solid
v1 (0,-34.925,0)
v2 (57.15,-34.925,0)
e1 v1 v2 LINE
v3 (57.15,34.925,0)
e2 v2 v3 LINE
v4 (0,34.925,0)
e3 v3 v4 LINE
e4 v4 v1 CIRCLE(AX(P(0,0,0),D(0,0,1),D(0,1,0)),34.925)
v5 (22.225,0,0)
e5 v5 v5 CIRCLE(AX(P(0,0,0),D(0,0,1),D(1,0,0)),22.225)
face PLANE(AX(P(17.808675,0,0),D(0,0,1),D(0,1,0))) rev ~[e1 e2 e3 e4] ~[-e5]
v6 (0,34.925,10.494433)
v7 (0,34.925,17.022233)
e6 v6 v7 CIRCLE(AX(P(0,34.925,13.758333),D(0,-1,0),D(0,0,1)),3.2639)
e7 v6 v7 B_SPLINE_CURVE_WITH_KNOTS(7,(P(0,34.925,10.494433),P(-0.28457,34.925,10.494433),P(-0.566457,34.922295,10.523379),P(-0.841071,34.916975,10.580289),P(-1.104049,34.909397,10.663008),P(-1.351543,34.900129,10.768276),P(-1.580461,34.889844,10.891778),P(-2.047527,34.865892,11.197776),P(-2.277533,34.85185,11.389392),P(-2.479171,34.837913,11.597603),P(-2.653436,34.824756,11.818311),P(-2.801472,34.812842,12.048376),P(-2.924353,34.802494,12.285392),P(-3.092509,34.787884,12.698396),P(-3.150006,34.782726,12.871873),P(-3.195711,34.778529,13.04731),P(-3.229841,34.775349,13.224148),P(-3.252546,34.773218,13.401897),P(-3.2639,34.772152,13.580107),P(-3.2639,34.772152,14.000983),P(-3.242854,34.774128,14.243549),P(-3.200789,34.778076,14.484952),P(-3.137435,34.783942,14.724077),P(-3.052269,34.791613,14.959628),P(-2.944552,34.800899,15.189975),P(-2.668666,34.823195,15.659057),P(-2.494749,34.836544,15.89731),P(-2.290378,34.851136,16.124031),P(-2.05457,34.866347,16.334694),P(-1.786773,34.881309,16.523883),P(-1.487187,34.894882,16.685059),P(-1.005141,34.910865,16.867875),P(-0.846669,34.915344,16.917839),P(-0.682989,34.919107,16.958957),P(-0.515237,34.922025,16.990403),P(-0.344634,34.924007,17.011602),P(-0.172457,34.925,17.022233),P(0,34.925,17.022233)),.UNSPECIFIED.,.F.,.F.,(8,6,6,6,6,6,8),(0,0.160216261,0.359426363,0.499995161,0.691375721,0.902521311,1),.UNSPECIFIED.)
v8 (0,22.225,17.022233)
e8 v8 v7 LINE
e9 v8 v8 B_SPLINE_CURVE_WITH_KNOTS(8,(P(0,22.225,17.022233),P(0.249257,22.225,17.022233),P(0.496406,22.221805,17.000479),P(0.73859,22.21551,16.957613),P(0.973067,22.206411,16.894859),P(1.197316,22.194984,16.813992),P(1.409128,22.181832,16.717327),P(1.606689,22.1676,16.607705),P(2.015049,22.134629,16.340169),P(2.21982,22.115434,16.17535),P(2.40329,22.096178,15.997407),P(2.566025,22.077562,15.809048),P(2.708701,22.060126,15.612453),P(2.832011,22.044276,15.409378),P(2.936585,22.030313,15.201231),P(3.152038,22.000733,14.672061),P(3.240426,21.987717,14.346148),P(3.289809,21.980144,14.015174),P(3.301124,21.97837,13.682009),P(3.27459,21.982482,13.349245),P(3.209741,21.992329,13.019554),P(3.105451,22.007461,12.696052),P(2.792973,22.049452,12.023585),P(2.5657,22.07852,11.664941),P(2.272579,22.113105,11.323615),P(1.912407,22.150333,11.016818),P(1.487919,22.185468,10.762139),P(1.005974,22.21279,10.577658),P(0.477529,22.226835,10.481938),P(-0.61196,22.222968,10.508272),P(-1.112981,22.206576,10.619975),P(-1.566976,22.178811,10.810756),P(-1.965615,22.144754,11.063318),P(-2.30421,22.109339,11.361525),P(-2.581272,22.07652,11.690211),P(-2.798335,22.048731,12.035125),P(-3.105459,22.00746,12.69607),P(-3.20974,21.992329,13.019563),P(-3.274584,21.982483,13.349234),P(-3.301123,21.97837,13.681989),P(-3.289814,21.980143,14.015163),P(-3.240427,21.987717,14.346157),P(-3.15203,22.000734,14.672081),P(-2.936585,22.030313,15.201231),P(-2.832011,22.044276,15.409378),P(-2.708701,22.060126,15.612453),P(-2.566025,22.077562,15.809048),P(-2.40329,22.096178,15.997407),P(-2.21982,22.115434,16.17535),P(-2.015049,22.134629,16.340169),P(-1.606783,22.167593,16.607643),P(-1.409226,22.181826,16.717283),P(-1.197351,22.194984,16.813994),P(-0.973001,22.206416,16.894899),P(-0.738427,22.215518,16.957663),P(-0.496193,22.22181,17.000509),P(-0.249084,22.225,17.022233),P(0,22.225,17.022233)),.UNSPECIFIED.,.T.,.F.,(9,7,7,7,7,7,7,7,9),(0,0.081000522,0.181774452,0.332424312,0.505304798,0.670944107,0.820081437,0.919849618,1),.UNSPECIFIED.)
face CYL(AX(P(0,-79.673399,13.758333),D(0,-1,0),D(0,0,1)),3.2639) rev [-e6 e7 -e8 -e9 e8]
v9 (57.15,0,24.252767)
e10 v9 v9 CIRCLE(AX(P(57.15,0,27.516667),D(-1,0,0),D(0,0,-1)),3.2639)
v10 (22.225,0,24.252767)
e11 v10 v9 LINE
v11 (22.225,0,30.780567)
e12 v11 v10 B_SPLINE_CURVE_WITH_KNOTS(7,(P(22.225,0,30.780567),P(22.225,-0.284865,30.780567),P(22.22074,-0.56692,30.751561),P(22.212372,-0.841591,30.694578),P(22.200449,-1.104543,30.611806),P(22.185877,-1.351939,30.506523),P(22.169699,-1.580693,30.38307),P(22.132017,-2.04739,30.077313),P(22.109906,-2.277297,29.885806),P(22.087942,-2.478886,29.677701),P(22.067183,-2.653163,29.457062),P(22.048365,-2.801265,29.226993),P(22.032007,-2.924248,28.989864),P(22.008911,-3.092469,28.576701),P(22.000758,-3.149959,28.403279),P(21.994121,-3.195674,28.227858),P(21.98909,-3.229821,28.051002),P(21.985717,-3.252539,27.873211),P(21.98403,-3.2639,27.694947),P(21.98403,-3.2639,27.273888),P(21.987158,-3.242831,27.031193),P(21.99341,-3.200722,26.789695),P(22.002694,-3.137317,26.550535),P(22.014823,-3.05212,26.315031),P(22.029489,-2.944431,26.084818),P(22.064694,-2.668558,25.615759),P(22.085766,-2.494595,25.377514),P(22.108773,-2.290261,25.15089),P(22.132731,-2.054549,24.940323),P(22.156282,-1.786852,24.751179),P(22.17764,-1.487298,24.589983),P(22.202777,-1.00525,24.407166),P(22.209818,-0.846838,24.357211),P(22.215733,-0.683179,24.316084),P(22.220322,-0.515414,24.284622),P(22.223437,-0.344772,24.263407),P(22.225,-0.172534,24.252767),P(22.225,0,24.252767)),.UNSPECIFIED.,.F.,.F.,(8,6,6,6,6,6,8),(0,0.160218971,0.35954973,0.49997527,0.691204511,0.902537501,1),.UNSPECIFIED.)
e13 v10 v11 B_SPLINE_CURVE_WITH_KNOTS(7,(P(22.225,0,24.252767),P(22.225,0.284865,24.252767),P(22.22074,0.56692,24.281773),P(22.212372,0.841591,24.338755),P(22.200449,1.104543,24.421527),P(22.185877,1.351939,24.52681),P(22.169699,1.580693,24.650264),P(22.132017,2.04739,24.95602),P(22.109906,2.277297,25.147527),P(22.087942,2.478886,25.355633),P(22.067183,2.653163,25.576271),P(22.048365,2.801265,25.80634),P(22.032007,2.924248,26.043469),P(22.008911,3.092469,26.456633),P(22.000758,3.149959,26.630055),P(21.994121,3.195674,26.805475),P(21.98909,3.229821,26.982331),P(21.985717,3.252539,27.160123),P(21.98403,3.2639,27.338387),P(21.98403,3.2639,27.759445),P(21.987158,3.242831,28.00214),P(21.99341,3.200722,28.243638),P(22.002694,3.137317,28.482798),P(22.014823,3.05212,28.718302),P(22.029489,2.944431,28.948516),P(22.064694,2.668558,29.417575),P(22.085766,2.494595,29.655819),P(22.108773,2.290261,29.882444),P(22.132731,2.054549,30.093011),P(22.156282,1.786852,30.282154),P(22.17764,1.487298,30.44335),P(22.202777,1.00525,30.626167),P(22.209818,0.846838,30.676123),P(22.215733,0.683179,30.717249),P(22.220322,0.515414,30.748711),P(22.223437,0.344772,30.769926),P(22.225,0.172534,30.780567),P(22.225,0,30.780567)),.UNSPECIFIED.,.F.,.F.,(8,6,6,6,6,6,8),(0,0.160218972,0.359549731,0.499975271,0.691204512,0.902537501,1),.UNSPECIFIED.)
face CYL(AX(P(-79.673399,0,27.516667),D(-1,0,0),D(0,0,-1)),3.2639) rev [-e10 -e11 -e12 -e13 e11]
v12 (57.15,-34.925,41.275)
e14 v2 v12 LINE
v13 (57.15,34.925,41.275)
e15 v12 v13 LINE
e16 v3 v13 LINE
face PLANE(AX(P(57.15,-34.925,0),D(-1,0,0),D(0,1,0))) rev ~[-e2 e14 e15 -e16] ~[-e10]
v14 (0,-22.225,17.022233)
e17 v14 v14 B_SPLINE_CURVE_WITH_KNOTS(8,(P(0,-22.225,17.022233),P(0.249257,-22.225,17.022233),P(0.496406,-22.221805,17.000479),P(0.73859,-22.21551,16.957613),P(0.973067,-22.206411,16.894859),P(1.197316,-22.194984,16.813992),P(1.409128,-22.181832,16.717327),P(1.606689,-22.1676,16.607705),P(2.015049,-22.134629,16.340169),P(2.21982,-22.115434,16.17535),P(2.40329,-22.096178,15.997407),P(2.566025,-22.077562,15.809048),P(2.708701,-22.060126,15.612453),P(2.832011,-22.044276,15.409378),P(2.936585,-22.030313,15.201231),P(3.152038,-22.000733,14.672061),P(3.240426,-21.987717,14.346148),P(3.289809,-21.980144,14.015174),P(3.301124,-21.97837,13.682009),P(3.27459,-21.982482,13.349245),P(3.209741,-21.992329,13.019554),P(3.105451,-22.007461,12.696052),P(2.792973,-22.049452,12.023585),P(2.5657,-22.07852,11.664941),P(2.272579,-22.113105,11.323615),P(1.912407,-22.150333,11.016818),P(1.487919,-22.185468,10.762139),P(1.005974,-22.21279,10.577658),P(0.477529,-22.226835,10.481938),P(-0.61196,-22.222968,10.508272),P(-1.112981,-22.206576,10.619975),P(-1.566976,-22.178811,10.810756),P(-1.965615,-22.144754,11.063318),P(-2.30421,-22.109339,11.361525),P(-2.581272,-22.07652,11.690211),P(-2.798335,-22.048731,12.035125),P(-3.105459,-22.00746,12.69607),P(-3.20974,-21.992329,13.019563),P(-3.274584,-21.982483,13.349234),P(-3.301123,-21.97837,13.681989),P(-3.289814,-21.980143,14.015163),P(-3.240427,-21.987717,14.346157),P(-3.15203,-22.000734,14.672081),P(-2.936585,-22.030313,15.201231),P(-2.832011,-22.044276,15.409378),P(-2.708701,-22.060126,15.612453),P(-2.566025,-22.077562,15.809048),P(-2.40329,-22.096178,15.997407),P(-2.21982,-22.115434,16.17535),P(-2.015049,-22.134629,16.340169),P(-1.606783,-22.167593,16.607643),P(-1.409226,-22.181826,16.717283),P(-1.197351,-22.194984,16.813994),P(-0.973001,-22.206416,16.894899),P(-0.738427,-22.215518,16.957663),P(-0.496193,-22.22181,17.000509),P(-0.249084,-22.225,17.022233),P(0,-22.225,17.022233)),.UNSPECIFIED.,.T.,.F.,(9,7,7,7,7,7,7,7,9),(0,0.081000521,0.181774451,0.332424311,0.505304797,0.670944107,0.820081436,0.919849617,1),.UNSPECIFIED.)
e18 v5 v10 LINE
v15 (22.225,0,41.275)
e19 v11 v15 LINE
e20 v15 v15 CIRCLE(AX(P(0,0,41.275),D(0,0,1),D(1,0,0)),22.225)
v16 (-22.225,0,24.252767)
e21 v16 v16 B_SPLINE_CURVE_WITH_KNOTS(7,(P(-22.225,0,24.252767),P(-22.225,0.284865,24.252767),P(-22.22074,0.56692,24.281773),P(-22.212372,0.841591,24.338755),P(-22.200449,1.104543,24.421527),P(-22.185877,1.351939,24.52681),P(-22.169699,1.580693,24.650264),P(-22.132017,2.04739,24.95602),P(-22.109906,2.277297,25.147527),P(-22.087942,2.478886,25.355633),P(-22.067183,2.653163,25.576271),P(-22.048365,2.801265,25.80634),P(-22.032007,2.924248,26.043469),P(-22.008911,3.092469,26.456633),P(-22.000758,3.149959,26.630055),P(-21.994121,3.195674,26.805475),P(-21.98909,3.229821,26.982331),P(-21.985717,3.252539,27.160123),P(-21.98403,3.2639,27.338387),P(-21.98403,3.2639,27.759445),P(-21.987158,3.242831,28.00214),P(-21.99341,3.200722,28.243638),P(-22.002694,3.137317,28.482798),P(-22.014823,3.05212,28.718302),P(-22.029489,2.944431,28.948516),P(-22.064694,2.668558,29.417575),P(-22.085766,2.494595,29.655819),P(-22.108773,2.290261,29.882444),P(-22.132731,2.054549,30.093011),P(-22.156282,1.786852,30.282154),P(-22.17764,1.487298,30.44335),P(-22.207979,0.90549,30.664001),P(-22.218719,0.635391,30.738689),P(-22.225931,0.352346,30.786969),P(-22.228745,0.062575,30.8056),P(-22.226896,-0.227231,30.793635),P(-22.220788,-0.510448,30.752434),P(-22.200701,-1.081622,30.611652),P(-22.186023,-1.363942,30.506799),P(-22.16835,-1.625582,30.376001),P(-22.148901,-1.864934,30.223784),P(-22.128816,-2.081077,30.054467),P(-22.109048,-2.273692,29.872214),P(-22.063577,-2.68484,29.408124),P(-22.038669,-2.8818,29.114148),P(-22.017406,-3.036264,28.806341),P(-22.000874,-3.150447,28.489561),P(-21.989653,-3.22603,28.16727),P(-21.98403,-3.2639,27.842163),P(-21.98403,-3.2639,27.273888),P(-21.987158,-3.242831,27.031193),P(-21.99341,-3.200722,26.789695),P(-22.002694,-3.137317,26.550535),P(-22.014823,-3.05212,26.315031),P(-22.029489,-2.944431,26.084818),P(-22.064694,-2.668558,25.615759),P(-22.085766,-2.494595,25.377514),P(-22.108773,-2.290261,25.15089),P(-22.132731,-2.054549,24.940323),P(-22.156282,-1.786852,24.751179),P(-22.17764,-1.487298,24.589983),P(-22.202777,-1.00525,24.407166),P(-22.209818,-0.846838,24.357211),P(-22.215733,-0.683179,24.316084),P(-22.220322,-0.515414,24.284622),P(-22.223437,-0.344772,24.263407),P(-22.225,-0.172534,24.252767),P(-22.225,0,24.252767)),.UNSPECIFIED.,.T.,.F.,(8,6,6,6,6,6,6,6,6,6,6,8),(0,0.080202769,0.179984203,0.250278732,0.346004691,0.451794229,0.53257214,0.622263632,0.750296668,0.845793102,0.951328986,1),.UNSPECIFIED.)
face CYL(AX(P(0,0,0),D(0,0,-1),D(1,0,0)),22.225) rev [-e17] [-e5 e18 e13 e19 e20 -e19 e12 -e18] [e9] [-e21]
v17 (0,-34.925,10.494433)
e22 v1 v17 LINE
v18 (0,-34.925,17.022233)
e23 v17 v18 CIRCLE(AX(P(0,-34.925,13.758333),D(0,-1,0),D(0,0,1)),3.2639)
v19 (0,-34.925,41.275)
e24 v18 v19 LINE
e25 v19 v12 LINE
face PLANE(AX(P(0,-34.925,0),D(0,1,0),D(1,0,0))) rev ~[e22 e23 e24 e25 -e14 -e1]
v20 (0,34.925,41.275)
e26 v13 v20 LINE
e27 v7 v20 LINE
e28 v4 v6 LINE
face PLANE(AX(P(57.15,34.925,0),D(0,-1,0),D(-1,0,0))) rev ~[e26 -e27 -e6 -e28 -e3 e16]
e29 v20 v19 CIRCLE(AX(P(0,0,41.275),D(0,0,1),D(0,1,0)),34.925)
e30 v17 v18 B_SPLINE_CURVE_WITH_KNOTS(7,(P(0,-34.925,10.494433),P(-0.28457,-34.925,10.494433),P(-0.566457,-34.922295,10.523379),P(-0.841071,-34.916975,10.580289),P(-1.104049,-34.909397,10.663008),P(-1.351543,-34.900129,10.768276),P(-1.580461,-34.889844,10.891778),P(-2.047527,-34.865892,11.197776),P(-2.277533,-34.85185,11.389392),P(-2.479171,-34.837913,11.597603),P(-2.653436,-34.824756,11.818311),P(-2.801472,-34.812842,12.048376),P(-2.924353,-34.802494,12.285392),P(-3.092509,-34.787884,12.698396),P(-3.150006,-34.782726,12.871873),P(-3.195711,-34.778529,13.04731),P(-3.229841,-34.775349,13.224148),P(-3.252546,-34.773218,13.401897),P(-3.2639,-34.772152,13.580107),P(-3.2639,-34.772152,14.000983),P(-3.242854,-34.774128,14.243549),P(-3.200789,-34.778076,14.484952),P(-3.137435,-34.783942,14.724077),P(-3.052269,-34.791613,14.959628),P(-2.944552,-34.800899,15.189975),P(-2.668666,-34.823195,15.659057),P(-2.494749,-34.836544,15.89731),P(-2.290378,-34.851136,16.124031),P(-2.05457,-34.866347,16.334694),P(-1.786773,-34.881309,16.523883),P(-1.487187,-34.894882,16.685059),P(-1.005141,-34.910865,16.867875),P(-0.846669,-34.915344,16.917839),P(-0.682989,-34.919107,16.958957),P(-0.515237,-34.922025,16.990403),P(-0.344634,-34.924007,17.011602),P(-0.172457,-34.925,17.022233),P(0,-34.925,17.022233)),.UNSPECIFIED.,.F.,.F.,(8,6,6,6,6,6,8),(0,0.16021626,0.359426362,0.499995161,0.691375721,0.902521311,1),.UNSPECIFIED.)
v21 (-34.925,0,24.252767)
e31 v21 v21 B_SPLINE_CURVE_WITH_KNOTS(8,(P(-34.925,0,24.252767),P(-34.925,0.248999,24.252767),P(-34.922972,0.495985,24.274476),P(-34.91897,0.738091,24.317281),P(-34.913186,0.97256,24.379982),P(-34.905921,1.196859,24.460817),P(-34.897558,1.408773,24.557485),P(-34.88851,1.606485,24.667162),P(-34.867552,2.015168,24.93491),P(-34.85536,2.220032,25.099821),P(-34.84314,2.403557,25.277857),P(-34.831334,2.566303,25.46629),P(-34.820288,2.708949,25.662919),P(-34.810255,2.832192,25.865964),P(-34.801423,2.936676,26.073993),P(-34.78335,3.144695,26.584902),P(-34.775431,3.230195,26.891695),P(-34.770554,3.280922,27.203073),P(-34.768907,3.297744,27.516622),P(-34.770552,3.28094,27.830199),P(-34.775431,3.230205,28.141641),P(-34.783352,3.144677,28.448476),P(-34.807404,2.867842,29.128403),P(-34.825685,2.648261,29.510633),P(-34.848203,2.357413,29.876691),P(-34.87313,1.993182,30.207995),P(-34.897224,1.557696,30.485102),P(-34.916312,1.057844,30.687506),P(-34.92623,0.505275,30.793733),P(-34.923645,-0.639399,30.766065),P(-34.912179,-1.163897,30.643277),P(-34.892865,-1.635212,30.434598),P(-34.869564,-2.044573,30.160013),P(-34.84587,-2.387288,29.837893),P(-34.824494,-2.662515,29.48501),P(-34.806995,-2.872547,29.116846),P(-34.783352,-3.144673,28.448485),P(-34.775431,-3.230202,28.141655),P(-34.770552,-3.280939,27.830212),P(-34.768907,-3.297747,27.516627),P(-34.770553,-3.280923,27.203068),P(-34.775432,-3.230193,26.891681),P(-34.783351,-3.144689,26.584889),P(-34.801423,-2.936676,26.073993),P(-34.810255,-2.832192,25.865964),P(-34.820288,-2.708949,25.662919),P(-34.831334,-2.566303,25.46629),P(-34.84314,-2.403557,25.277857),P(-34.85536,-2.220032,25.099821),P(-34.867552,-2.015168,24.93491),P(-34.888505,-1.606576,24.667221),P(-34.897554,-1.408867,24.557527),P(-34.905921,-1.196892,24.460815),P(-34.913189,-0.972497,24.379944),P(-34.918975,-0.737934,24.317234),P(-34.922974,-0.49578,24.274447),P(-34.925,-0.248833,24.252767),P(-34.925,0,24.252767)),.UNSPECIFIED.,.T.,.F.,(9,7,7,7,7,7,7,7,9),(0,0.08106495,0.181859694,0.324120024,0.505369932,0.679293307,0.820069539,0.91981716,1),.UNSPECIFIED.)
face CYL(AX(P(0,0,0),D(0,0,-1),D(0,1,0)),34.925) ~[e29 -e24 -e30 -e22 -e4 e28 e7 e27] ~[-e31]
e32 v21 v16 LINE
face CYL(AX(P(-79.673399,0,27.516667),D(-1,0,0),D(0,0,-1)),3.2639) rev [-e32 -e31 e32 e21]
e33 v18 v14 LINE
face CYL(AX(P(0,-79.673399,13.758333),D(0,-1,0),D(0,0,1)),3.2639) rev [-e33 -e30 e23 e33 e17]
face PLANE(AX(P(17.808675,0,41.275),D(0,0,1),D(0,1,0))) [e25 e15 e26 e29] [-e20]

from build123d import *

# Parameters (mm, degrees)
SKETCH1_R               = 22.225
BOSS_EXTRUDE1_DEPTH     = 41.275
CUT_EXTRUDE1_DEPTH      = 79.673399253
CUT_EXTRUDE1_DEPTH_BACK = 79.673399253
SKETCH2_R               = 3.2639
CUT_EXTRUDE2_DEPTH      = 79.673399422
CUT_EXTRUDE2_DEPTH_BACK = 79.673399422
SKETCH3_R               = 3.2639


with BuildPart() as part:
    # Sketch1 → Boss-Extrude1 (new body)
    with BuildSketch(Plane(origin=(0, 0, 0), x_dir=(0, 1, 0), z_dir=(0, 0, 1))):
        with BuildLine():
            Line((-34.925, 0), (-34.925, -57.15))
            Line((-34.925, -57.15), (34.925, -57.15))
            Line((34.925, -57.15), (34.925, 0))
            ThreePointArc((34.925, 0), (0, 34.925), (-34.925, 0))
        make_face()
        with Locations(Location((0, 0, 0), (0, 0, 270))):
            Circle(SKETCH1_R, mode=Mode.SUBTRACT)
    extrude(amount=BOSS_EXTRUDE1_DEPTH)

    # Sketch2 → Cut-Extrude1 (cut, two sides: drawn at the far end of the back side and taken through both)
    with BuildSketch(Plane.YZ.offset(-CUT_EXTRUDE1_DEPTH_BACK)):
        with Locations(Location((0, 27.516666667, 0), (0, 0, 270))):
            Circle(SKETCH2_R)
    extrude(amount=CUT_EXTRUDE1_DEPTH + CUT_EXTRUDE1_DEPTH_BACK, mode=Mode.SUBTRACT)

    # Sketch3 → Cut-Extrude2 (cut, two sides: drawn at the far end of the back side and taken through both)
    with BuildSketch(Plane(origin=(0, 0, 0), x_dir=(-1, 0, 0), z_dir=(0, 1, 0)).offset(-CUT_EXTRUDE2_DEPTH_BACK)):
        with Locations(Location((0, 13.758333333, 0), (0, 0, 90))):
            Circle(SKETCH3_R)
    extrude(amount=CUT_EXTRUDE2_DEPTH + CUT_EXTRUDE2_DEPTH_BACK, mode=Mode.SUBTRACT)


solid = part.part
